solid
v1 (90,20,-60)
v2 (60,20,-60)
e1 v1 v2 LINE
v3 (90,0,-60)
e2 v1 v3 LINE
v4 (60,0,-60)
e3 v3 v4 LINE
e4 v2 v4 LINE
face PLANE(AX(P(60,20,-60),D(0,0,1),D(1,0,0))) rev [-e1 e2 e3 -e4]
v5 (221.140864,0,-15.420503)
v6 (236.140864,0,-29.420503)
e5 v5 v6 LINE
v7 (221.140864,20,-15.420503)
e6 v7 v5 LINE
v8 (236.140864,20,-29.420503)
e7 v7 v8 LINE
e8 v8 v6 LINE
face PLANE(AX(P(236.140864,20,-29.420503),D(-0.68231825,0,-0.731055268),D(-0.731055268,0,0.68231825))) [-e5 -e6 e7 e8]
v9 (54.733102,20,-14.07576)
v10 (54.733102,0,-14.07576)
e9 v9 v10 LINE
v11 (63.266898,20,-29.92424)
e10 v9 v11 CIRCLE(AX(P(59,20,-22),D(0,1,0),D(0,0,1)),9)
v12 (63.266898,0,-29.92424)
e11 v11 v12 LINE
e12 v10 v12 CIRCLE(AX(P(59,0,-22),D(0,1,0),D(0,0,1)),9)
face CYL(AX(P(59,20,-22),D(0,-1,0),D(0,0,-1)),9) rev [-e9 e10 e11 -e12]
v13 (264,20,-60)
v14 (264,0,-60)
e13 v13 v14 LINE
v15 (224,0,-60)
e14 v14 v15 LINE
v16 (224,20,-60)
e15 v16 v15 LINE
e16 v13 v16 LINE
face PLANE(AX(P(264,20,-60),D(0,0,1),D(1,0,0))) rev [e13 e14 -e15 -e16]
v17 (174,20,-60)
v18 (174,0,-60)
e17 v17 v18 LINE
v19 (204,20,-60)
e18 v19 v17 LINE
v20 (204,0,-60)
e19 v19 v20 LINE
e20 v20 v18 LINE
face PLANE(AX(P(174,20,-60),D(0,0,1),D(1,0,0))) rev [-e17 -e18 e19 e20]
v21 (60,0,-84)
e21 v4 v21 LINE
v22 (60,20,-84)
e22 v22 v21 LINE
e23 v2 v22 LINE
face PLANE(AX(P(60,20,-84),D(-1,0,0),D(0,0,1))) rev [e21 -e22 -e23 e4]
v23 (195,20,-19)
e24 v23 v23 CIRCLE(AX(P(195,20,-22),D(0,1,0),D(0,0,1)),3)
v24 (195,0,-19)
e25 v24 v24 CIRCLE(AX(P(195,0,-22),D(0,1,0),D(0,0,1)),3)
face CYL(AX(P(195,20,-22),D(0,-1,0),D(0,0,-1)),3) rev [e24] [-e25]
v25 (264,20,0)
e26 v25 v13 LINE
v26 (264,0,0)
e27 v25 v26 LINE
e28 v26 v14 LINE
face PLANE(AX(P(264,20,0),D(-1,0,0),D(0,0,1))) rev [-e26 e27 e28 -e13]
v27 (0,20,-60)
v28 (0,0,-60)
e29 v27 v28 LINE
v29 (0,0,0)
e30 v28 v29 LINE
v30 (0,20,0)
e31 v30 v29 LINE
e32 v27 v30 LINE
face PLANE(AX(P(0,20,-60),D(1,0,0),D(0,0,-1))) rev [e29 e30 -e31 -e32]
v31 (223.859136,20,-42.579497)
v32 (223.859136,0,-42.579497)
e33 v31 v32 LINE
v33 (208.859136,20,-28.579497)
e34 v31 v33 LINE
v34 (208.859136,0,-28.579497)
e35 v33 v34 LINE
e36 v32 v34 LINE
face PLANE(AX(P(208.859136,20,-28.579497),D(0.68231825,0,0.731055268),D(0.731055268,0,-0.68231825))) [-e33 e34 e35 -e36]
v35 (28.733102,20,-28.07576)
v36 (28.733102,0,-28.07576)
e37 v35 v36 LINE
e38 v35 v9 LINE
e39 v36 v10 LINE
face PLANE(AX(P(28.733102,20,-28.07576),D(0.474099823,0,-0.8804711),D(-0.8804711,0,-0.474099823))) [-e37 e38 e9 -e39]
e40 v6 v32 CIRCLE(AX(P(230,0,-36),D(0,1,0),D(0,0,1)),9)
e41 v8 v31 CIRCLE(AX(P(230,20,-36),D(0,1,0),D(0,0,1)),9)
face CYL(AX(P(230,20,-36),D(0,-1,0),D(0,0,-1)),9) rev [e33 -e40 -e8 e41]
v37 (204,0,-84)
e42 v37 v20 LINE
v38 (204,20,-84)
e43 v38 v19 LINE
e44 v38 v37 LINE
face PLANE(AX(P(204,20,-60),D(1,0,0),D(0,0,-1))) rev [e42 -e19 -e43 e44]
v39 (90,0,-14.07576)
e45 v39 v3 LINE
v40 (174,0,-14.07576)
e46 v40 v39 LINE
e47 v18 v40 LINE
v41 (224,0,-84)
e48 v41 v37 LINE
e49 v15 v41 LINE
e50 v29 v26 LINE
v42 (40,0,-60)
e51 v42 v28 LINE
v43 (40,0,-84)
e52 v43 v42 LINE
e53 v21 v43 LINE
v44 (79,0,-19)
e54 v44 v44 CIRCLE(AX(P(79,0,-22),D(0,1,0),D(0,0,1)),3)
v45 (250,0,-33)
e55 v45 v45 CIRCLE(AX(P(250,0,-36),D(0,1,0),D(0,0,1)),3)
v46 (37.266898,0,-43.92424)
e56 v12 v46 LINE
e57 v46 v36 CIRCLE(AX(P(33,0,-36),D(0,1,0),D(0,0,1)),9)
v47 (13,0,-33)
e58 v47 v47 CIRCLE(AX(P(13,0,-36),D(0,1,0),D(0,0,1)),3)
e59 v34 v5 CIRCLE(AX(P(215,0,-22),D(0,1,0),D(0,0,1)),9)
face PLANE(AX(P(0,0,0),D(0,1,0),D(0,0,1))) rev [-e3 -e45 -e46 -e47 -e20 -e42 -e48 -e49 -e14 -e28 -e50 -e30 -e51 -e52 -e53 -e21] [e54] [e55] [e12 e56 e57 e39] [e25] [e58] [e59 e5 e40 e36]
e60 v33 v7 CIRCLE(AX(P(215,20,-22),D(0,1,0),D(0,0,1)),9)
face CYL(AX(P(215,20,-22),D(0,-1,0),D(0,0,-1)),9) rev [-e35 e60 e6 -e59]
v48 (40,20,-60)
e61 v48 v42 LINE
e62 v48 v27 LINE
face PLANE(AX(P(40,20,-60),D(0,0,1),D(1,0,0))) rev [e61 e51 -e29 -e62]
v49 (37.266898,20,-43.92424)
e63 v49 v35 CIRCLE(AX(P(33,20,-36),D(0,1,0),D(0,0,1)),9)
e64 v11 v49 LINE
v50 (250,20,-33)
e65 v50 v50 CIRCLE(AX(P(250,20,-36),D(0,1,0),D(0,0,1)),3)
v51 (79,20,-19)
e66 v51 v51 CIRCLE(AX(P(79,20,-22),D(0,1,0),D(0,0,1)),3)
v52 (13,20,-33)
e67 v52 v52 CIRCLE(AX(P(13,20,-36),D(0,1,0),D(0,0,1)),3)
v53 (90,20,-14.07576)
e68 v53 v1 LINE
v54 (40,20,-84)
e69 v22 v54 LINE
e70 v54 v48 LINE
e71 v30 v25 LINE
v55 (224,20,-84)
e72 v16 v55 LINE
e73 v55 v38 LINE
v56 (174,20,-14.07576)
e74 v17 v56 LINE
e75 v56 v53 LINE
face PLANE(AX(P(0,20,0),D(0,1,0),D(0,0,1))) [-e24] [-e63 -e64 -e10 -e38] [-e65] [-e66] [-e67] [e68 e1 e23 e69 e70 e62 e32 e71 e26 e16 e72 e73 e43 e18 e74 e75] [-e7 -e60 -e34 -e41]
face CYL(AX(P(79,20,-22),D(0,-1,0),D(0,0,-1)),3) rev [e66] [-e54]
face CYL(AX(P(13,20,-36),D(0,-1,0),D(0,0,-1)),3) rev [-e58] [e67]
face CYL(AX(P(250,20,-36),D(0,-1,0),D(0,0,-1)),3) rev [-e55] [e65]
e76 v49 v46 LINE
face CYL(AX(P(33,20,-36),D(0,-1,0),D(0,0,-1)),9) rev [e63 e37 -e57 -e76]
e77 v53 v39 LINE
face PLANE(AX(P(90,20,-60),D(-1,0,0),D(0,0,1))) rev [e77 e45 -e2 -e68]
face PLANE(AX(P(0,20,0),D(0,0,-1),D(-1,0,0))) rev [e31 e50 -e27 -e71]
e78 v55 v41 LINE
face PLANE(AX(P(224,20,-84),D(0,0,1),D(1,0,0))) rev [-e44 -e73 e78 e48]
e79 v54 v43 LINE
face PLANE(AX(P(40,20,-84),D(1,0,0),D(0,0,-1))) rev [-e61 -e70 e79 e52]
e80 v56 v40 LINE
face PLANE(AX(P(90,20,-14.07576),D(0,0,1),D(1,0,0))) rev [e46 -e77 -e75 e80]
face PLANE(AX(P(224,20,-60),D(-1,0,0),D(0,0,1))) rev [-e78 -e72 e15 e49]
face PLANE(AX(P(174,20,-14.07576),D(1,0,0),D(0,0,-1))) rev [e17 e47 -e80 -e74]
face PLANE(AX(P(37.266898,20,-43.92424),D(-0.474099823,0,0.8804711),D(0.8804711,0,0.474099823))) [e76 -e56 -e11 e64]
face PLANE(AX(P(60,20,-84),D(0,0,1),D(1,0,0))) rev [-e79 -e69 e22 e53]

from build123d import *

# Parameters (mm, degrees)
SKETCH_1_R      = 3
EXTRUDE_1_DEPTH = 20


with BuildPart() as part:
    # 草图1 → 凸台-拉伸1 (new body)
    with BuildSketch(Plane(origin=(0, 0, 0), x_dir=(1, 0, 0), z_dir=(0, 1, 0))):
        Polygon((0, 0), (264, 0), (264, 60), (224, 60), (224, 84), (204, 84), (204, 60), (174, 60), (174, 14.075760101), (90, 14.075760101), (90, 60), (60, 60), (60, 84), (40, 84), (40, 60), (0, 60), align=None)
        with Locations((13, 36)):
            Circle(SKETCH_1_R, mode=Mode.SUBTRACT)
        with Locations((79, 22)):
            Circle(SKETCH_1_R, mode=Mode.SUBTRACT)
        with Locations((195, 22)):
            Circle(SKETCH_1_R, mode=Mode.SUBTRACT)
        with Locations((250, 36)):
            Circle(SKETCH_1_R, mode=Mode.SUBTRACT)
        with BuildLine():
            Line((37.266898407, 43.924239899), (63.266898407, 29.924239899))
            ThreePointArc((63.266898407, 29.924239899), (66.924239899, 17.733101593), (54.733101593, 14.075760101))
            Line((54.733101593, 14.075760101), (28.733101593, 28.075760101))
            ThreePointArc((28.733101593, 28.075760101), (25.075760101, 40.266898407), (37.266898407, 43.924239899))
        make_face(mode=Mode.SUBTRACT)
        with BuildLine():
            Line((208.859135747, 28.579497414), (223.859135747, 42.579497414))
            ThreePointArc((223.859135747, 42.579497414), (236.579497414, 42.140864253), (236.140864253, 29.420502586))
            Line((236.140864253, 29.420502586), (221.140864253, 15.420502586))
            ThreePointArc((221.140864253, 15.420502586), (208.420502586, 15.859135747), (208.859135747, 28.579497414))
        make_face(mode=Mode.SUBTRACT)
    extrude(amount=EXTRUDE_1_DEPTH)


solid = part.part
